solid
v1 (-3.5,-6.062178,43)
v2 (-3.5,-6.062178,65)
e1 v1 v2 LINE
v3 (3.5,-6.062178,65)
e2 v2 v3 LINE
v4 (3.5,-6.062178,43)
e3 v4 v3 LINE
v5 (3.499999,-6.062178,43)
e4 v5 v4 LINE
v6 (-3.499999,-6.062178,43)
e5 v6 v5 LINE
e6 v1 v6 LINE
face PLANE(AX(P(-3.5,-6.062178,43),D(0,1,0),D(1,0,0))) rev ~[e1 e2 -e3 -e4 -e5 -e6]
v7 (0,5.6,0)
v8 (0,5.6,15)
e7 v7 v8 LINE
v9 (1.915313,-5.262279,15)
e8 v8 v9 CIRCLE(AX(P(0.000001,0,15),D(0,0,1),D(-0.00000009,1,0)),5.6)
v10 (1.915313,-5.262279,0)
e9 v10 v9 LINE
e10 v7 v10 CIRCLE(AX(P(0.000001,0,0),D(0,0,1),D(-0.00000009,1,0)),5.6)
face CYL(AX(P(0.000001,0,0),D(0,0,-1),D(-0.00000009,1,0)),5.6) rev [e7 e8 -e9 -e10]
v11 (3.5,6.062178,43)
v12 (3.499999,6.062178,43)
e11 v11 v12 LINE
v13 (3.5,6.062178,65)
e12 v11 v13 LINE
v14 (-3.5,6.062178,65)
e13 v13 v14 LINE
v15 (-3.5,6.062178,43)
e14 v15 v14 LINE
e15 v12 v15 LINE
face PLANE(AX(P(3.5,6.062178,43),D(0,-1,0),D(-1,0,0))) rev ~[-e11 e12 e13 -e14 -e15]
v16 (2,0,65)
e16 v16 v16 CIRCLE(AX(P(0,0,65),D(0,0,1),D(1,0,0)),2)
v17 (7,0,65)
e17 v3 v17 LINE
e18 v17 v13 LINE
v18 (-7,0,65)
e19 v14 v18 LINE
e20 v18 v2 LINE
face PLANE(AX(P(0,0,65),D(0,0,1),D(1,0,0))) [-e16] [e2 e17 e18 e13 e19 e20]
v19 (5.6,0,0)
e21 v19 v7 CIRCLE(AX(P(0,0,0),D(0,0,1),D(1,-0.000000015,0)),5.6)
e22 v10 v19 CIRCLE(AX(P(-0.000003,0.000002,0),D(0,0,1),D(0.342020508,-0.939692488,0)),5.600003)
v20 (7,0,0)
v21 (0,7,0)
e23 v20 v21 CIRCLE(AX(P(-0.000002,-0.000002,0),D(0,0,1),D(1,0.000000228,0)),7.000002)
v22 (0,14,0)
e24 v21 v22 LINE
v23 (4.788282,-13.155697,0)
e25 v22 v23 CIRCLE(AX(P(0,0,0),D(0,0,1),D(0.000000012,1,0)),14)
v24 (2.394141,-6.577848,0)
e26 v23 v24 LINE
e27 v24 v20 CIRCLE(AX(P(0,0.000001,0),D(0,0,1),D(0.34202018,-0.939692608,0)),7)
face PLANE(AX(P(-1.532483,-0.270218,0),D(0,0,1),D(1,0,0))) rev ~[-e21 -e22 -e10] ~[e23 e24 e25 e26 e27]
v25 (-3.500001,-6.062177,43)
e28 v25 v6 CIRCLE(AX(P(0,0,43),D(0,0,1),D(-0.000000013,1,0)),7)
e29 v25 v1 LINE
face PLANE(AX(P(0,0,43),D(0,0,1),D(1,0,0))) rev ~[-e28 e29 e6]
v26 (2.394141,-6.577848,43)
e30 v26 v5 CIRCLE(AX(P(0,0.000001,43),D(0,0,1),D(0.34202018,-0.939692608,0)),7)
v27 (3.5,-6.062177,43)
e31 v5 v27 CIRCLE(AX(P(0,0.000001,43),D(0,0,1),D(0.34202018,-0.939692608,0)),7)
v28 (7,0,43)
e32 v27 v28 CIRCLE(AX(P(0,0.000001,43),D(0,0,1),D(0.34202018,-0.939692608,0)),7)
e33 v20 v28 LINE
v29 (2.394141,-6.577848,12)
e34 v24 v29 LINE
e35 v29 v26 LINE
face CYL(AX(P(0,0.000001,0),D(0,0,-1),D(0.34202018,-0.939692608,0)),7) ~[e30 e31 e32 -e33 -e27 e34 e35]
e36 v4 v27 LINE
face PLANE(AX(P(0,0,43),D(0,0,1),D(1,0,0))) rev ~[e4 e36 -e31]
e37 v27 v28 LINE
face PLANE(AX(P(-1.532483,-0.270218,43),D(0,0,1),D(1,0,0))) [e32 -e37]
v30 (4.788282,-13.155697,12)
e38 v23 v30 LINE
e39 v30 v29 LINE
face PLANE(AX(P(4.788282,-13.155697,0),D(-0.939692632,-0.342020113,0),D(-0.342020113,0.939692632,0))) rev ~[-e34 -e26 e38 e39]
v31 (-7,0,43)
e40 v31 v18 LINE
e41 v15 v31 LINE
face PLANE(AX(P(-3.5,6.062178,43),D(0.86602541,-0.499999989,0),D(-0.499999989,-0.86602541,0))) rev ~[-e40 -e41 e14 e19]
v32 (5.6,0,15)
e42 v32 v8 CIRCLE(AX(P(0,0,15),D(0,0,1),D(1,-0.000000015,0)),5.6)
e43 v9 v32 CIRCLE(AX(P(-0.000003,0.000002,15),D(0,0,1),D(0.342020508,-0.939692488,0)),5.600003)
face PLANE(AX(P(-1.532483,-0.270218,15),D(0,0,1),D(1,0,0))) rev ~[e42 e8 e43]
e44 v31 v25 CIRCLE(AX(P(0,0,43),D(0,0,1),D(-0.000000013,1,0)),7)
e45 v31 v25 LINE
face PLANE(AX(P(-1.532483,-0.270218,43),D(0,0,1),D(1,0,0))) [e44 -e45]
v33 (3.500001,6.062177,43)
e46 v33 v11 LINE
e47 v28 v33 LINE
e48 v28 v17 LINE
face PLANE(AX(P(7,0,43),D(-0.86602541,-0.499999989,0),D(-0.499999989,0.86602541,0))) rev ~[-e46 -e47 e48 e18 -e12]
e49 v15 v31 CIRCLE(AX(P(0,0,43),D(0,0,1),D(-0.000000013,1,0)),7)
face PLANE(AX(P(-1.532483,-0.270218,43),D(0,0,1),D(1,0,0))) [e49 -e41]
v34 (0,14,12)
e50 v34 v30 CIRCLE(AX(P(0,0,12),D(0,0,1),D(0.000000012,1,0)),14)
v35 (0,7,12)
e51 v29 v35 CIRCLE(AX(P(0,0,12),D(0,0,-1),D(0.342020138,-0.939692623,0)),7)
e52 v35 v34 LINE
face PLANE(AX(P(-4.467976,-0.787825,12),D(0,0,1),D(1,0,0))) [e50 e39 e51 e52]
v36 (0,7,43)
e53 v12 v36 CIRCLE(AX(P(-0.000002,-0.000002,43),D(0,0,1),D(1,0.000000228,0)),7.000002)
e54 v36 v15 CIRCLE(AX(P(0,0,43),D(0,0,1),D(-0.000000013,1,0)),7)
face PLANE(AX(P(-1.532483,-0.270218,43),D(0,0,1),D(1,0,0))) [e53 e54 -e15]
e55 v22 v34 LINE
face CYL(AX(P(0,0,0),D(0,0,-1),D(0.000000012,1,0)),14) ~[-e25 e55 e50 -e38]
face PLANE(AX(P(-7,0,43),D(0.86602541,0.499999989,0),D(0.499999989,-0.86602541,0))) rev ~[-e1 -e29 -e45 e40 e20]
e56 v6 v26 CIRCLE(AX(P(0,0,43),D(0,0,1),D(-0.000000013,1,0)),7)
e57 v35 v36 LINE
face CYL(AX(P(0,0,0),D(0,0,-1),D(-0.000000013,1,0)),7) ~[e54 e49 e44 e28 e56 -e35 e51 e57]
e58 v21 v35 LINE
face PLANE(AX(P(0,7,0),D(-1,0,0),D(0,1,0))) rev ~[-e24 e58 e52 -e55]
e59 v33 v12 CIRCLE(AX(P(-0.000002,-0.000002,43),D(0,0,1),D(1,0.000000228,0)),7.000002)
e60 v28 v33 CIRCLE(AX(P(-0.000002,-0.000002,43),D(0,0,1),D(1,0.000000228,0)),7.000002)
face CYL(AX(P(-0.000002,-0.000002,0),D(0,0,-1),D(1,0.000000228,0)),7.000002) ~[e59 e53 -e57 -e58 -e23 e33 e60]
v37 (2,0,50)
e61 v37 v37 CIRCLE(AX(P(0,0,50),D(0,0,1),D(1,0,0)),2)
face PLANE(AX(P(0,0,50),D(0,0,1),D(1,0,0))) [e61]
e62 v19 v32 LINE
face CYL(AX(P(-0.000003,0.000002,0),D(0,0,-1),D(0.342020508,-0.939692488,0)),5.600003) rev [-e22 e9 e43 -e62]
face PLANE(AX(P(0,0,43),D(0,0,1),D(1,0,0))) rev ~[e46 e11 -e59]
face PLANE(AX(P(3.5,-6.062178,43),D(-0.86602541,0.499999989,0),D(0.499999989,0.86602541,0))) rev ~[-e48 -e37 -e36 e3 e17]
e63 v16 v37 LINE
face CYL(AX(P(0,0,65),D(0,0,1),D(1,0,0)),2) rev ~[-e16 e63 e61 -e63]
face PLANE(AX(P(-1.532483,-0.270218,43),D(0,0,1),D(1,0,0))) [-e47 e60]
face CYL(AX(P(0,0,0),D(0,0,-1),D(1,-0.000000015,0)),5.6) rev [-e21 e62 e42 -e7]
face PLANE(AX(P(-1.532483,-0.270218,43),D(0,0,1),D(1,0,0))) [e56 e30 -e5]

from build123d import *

# Parameters (mm, degrees)
F1_DEPTH = 12
F2_DEPTH = 43
F4_DEPTH = 22
F5_R     = 2
F6_DEPTH = 15
F7_DEPTH = 15


with BuildPart() as f1:
    # F0 (on Top) → F1 (new body)
    with BuildSketch(Plane.XY):
        with BuildLine():
            ThreePointArc((2.394141, -6.577848), (5.734064, -4.015035), (7, 0))
            ThreePointArc((7, 0), (4.949747, 4.949747), (0, 7))
            Line((0, 7), (0, 5.6))
            ThreePointArc((0, 5.6), (3.959798, 3.959798), (5.6, 0))
            ThreePointArc((5.6, 0), (4.587251, -3.212028), (1.915313, -5.262279))
            Line((1.915313, -5.262279), (2.394141, -6.577848))
        make_face()
        with BuildLine():
            ThreePointArc((2.394141, -6.577848), (-6.893654, -1.215537), (0, 7))
            Line((0, 7), (0, 14))
            ThreePointArc((0, 14), (-13.787309, -2.431074), (4.788282, -13.155697))
            Line((4.788282, -13.155697), (2.394141, -6.577848))
        make_face()
    extrude(amount=F1_DEPTH)

    # F0 (on Top) → F2 (join)
    with BuildSketch(Plane.XY):
        with BuildLine():
            Line((0, 0), (0, 5.6))
            ThreePointArc((0, 5.6), (-5.514923, -0.97243), (1.915313, -5.262279))
            Line((1.915313, -5.262279), (0, 0))
        make_face()
        with BuildLine():
            ThreePointArc((5.6, 0), (3.959798, 3.959798), (0, 5.6))
            Line((0, 5.6), (0, 0))
            Line((0, 0), (1.915313, -5.262279))
            ThreePointArc((1.915313, -5.262279), (4.587251, -3.212028), (5.6, 0))
        make_face()
        with BuildLine():
            Line((0, 5.6), (0, 7))
            ThreePointArc((0, 7), (-6.893654, -1.215537), (2.394141, -6.577848))
            Line((2.394141, -6.577848), (1.915313, -5.262279))
            ThreePointArc((1.915313, -5.262279), (-5.514923, -0.97243), (0, 5.6))
        make_face()
        with BuildLine():
            ThreePointArc((2.394141, -6.577848), (5.734064, -4.015035), (7, 0))
            ThreePointArc((7, 0), (4.949747, 4.949747), (0, 7))
            Line((0, 7), (0, 5.6))
            ThreePointArc((0, 5.6), (3.959798, 3.959798), (5.6, 0))
            ThreePointArc((5.6, 0), (4.587251, -3.212028), (1.915313, -5.262279))
            Line((1.915313, -5.262279), (2.394141, -6.577848))
        make_face()
    extrude(amount=F2_DEPTH)

    # F3 (on face) → F4 (join)
    with BuildSketch(Plane.XY.offset(43)):
        Polygon((7, 0), (3.5, 6.062178), (-3.5, 6.062178), (-7, 0), (-3.5, -6.062178), (3.5, -6.062178), align=None)
    extrude(amount=F4_DEPTH)

    # F5 (on face) → F6 (cut)
    with BuildSketch(Plane.XY.offset(65)):
        Circle(F5_R)
    extrude(amount=-F6_DEPTH, mode=Mode.SUBTRACT)

    # F0 (on Top) → F7 (cut)
    with BuildSketch(Plane.XY):
        with BuildLine():
            Line((0, 0), (0, 5.6))
            ThreePointArc((0, 5.6), (-5.514923, -0.97243), (1.915313, -5.262279))
            Line((1.915313, -5.262279), (0, 0))
        make_face()
        with BuildLine():
            ThreePointArc((5.6, 0), (3.959798, 3.959798), (0, 5.6))
            Line((0, 5.6), (0, 0))
            Line((0, 0), (1.915313, -5.262279))
            ThreePointArc((1.915313, -5.262279), (4.587251, -3.212028), (5.6, 0))
        make_face()
    extrude(amount=F7_DEPTH, mode=Mode.SUBTRACT)


solid = f1.part
